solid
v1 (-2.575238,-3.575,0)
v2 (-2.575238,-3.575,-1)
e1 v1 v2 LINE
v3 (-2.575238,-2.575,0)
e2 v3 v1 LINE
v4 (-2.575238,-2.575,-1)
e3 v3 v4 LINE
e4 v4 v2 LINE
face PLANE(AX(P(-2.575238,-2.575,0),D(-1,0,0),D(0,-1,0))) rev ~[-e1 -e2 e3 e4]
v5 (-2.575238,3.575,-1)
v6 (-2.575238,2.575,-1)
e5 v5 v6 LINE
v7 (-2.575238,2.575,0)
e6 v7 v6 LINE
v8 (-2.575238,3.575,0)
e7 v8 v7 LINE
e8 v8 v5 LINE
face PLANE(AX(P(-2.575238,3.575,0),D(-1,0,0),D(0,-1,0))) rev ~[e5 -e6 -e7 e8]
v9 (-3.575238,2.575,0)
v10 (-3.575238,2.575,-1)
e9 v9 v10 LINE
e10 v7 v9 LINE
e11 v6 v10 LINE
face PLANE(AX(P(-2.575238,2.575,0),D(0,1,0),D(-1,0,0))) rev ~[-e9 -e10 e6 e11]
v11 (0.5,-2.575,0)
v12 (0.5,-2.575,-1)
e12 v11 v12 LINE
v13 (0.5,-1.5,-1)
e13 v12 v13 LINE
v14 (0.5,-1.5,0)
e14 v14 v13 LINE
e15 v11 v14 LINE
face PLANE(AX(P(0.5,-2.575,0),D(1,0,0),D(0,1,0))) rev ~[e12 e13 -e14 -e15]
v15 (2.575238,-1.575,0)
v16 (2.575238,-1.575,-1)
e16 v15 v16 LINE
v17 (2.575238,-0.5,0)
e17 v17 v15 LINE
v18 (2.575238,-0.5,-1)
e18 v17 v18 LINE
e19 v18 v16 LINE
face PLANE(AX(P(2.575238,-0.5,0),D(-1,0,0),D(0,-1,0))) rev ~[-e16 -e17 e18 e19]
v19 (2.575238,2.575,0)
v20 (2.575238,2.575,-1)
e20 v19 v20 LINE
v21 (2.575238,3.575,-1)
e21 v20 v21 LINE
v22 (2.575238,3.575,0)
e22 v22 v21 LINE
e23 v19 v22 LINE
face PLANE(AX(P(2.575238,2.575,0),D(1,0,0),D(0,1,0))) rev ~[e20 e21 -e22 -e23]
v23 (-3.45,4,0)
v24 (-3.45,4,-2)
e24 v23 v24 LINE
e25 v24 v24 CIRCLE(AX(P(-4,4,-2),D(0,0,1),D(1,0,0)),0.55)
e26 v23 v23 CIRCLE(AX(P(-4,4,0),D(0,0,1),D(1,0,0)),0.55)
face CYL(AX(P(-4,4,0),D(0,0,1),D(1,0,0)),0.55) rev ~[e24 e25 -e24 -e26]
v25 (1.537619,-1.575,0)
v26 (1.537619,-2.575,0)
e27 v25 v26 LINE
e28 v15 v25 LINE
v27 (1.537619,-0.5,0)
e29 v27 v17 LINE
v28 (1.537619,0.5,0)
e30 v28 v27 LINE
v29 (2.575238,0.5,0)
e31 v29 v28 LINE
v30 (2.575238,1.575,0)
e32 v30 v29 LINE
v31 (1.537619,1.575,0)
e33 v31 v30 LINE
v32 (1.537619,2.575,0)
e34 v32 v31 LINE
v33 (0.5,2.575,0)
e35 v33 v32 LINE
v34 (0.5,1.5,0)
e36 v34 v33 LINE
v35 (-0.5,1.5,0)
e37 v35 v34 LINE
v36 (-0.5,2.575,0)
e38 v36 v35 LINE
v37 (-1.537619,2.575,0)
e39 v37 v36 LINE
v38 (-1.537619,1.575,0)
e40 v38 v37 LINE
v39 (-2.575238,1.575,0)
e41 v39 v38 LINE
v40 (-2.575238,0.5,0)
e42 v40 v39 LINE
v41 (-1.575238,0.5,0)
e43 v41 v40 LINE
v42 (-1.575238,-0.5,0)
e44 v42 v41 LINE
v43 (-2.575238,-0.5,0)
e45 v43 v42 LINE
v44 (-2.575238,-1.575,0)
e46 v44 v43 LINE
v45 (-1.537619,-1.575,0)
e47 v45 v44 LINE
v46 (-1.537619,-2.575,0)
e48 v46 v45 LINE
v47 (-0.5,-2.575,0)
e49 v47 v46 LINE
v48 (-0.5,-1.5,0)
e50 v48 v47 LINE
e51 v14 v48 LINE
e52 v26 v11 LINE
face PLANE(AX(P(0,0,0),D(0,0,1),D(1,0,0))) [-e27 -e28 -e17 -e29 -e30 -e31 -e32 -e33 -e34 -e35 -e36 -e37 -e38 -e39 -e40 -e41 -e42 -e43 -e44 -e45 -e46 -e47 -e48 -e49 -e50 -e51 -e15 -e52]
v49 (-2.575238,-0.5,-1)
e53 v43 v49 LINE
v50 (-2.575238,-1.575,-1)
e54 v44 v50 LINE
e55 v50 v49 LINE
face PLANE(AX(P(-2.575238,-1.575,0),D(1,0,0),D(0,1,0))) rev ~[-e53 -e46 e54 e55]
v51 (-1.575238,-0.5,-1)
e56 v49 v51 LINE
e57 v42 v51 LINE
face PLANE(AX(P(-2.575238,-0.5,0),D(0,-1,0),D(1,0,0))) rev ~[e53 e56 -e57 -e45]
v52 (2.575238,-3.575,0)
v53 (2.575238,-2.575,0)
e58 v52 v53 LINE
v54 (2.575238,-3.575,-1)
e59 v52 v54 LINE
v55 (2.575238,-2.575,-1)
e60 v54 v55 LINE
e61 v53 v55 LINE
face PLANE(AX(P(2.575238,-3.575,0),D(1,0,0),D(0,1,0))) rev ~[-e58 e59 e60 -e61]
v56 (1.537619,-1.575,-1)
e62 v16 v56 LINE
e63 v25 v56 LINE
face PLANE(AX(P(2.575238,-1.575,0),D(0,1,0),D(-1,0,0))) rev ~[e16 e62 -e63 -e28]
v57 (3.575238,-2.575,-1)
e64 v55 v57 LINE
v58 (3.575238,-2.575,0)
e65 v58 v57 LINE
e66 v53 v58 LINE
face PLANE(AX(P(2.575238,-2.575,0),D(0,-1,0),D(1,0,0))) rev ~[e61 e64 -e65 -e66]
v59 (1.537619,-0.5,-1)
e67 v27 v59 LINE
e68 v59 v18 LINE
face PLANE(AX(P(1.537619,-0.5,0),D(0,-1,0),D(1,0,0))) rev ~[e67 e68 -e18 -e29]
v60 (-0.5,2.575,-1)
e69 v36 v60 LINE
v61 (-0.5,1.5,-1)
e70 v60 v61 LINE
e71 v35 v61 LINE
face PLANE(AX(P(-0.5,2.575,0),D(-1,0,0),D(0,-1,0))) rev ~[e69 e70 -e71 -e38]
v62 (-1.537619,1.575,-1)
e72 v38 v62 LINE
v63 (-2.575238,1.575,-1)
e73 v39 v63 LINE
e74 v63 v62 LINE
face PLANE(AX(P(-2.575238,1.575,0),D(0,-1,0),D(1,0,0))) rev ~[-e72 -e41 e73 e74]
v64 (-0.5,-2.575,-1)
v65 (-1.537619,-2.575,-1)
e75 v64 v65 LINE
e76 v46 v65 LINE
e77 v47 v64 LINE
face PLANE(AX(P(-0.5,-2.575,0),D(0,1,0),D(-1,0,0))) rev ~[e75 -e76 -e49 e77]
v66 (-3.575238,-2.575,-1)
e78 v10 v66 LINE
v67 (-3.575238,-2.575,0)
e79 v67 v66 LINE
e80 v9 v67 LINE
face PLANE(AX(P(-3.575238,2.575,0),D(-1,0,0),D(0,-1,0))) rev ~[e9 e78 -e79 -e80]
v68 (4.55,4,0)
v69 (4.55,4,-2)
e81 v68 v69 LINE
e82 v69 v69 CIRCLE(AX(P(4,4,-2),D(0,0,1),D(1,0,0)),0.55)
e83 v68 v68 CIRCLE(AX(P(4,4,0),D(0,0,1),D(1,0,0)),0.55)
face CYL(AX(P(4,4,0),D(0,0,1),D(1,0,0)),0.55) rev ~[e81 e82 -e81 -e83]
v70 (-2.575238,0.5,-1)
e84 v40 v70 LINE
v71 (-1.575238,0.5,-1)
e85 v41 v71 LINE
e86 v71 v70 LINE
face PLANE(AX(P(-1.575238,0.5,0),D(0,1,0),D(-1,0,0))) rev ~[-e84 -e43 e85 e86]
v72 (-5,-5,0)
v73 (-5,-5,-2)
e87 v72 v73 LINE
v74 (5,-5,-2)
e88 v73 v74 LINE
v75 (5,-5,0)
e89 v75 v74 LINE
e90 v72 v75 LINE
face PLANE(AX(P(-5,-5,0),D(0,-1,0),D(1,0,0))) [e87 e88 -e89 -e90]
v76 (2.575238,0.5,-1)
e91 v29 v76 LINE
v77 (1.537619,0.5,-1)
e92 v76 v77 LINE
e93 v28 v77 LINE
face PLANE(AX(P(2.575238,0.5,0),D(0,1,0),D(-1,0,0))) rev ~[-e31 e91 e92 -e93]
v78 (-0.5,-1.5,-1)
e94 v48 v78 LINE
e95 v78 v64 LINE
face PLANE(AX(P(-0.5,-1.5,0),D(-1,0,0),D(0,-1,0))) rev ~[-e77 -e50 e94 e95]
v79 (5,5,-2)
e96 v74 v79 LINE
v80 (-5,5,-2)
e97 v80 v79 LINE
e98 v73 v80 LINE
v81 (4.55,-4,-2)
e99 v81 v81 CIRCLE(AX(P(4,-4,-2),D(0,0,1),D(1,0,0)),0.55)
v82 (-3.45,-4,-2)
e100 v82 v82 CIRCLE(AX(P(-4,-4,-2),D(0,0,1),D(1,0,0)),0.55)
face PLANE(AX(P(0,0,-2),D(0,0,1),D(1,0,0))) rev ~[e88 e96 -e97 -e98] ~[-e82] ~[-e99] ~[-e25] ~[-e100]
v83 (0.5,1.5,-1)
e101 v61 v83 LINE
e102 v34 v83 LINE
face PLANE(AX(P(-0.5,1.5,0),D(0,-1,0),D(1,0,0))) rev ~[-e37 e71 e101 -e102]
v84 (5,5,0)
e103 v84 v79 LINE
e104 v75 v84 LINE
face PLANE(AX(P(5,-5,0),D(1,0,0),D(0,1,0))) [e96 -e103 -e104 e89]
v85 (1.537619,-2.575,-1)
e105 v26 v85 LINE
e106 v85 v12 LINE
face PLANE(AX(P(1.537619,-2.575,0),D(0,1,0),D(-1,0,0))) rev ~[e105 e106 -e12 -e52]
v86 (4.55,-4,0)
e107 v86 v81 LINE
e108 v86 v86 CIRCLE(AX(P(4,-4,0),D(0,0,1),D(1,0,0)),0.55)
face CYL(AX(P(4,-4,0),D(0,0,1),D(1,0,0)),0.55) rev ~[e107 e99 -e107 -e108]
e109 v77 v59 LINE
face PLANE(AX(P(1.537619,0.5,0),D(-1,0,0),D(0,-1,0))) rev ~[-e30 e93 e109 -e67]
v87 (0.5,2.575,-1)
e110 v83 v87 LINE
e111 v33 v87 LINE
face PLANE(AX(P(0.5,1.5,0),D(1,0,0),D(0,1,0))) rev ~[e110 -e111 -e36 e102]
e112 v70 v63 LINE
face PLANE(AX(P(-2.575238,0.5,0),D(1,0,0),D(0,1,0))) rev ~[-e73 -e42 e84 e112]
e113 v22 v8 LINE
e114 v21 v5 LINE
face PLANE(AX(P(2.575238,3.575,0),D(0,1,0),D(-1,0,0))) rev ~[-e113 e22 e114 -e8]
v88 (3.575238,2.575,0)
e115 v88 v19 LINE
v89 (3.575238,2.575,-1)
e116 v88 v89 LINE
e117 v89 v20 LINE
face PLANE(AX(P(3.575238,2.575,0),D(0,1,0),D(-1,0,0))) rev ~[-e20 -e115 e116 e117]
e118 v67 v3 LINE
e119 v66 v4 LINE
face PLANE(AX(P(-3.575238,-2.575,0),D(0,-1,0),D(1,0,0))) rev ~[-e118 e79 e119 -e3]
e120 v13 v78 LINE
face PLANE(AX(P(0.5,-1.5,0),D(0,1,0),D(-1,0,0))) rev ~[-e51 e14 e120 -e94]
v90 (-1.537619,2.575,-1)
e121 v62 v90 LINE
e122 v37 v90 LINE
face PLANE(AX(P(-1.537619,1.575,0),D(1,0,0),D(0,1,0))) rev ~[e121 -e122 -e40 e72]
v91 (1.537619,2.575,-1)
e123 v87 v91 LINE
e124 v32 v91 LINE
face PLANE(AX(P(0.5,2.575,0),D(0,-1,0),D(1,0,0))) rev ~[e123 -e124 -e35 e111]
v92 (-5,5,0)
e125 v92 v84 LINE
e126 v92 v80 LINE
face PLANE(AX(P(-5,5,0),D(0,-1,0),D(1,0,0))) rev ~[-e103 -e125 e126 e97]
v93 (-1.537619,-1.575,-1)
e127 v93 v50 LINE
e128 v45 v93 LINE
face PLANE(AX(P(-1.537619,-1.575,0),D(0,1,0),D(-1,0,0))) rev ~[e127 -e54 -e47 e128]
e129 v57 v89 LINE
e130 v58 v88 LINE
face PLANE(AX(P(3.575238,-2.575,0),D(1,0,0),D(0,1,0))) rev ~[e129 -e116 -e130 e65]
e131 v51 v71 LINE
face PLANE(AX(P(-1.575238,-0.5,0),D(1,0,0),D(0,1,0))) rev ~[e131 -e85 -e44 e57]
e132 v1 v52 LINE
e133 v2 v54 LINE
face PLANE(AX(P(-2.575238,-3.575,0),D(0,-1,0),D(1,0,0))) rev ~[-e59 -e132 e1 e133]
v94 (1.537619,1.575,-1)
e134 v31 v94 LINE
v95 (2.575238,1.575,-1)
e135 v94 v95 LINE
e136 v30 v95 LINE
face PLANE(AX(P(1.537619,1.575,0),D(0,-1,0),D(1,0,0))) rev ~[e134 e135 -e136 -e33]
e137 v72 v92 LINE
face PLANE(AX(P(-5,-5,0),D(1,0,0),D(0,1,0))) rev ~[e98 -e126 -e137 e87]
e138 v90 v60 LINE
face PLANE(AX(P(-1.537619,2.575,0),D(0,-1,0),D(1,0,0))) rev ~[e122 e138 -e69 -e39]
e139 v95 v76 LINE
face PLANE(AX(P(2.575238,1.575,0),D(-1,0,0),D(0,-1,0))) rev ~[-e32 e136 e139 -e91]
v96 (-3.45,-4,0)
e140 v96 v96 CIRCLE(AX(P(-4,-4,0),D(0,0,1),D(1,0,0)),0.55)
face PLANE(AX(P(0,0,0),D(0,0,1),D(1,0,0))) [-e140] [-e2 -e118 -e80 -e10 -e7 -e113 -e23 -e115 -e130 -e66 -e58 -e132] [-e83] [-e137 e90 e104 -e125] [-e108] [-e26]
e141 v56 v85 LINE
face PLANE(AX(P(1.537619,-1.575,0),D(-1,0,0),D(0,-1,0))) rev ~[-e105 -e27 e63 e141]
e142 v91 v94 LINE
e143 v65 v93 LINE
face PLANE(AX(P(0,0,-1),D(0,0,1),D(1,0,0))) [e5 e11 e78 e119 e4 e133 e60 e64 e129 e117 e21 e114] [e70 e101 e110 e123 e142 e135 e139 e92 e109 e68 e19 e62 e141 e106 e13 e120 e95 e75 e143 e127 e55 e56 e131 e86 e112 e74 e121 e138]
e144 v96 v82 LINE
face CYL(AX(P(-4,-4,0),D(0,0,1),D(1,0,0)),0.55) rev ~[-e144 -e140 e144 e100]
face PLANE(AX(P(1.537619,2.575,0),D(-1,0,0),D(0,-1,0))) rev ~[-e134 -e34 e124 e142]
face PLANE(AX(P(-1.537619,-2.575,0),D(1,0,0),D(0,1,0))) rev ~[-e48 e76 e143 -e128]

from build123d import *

# Parameters (mm, degrees)
F0_W     = 10
F0_H     = 10
F0_R     = 0.55
F1_DEPTH = 2
F2_DEPTH = 1


with BuildPart() as f1:
    # F0 (on Top) → F1 (new body)
    with BuildSketch(Plane.XY):
        Rectangle(F0_W, F0_H)
        with Locations((-4, -4)):
            Circle(F0_R, mode=Mode.SUBTRACT)
        with Locations((4, -4)):
            Circle(F0_R, mode=Mode.SUBTRACT)
        with Locations((-4, 4)):
            Circle(F0_R, mode=Mode.SUBTRACT)
        Polygon((2.575238, -3.575), (-2.575238, -3.575), (-2.575238, -2.575), (-3.575238, -2.575), (-3.575238, 2.575), (-2.575238, 2.575), (-2.575238, 3.575), (2.575238, 3.575), (2.575238, 2.575), (3.575238, 2.575), (3.575238, -2.575), (2.575238, -2.575), align=None, mode=Mode.SUBTRACT)
        with Locations((4, 4)):
            Circle(F0_R, mode=Mode.SUBTRACT)
        Polygon((-2.575238, -2.575), (-2.575238, -3.575), (2.575238, -3.575), (2.575238, -2.575), (3.575238, -2.575), (3.575238, 2.575), (2.575238, 2.575), (2.575238, 3.575), (-2.575238, 3.575), (-2.575238, 2.575), (-3.575238, 2.575), (-3.575238, -2.575), align=None)
        Polygon((-0.5, -2.575), (-1.537619, -2.575), (-1.537619, -1.575), (-2.575238, -1.575), (-2.575238, -0.5), (-1.575238, -0.5), (-1.575238, 0.5), (-2.575238, 0.5), (-2.575238, 1.575), (-1.537619, 1.575), (-1.537619, 2.575), (-0.5, 2.575), (-0.5, 1.5), (0.5, 1.5), (0.5, 2.575), (1.537619, 2.575), (1.537619, 1.575), (2.575238, 1.575), (2.575238, 0.5), (1.537619, 0.5), (1.537619, -0.5), (2.575238, -0.5), (2.575238, -1.575), (1.537619, -1.575), (1.537619, -2.575), (0.5, -2.575), (0.5, -1.5), (-0.5, -1.5), align=None, mode=Mode.SUBTRACT)
        Polygon((-1.537619, -1.575), (-1.537619, -2.575), (-0.5, -2.575), (-0.5, -1.5), (0.5, -1.5), (0.5, -2.575), (1.537619, -2.575), (1.537619, -1.575), (2.575238, -1.575), (2.575238, -0.5), (1.537619, -0.5), (1.537619, 0.5), (2.575238, 0.5), (2.575238, 1.575), (1.537619, 1.575), (1.537619, 2.575), (0.5, 2.575), (0.5, 1.5), (-0.5, 1.5), (-0.5, 2.575), (-1.537619, 2.575), (-1.537619, 1.575), (-2.575238, 1.575), (-2.575238, 0.5), (-1.575238, 0.5), (-1.575238, -0.5), (-2.575238, -0.5), (-2.575238, -1.575), align=None)
    extrude(amount=-F1_DEPTH)

    # F0 (on Top) → F2 (cut)
    with BuildSketch(Plane.XY):
        Polygon((-2.575238, -2.575), (-2.575238, -3.575), (2.575238, -3.575), (2.575238, -2.575), (3.575238, -2.575), (3.575238, 2.575), (2.575238, 2.575), (2.575238, 3.575), (-2.575238, 3.575), (-2.575238, 2.575), (-3.575238, 2.575), (-3.575238, -2.575), align=None)
        Polygon((-0.5, -2.575), (-1.537619, -2.575), (-1.537619, -1.575), (-2.575238, -1.575), (-2.575238, -0.5), (-1.575238, -0.5), (-1.575238, 0.5), (-2.575238, 0.5), (-2.575238, 1.575), (-1.537619, 1.575), (-1.537619, 2.575), (-0.5, 2.575), (-0.5, 1.5), (0.5, 1.5), (0.5, 2.575), (1.537619, 2.575), (1.537619, 1.575), (2.575238, 1.575), (2.575238, 0.5), (1.537619, 0.5), (1.537619, -0.5), (2.575238, -0.5), (2.575238, -1.575), (1.537619, -1.575), (1.537619, -2.575), (0.5, -2.575), (0.5, -1.5), (-0.5, -1.5), align=None, mode=Mode.SUBTRACT)
    extrude(amount=-F2_DEPTH, mode=Mode.SUBTRACT)


solid = f1.part
